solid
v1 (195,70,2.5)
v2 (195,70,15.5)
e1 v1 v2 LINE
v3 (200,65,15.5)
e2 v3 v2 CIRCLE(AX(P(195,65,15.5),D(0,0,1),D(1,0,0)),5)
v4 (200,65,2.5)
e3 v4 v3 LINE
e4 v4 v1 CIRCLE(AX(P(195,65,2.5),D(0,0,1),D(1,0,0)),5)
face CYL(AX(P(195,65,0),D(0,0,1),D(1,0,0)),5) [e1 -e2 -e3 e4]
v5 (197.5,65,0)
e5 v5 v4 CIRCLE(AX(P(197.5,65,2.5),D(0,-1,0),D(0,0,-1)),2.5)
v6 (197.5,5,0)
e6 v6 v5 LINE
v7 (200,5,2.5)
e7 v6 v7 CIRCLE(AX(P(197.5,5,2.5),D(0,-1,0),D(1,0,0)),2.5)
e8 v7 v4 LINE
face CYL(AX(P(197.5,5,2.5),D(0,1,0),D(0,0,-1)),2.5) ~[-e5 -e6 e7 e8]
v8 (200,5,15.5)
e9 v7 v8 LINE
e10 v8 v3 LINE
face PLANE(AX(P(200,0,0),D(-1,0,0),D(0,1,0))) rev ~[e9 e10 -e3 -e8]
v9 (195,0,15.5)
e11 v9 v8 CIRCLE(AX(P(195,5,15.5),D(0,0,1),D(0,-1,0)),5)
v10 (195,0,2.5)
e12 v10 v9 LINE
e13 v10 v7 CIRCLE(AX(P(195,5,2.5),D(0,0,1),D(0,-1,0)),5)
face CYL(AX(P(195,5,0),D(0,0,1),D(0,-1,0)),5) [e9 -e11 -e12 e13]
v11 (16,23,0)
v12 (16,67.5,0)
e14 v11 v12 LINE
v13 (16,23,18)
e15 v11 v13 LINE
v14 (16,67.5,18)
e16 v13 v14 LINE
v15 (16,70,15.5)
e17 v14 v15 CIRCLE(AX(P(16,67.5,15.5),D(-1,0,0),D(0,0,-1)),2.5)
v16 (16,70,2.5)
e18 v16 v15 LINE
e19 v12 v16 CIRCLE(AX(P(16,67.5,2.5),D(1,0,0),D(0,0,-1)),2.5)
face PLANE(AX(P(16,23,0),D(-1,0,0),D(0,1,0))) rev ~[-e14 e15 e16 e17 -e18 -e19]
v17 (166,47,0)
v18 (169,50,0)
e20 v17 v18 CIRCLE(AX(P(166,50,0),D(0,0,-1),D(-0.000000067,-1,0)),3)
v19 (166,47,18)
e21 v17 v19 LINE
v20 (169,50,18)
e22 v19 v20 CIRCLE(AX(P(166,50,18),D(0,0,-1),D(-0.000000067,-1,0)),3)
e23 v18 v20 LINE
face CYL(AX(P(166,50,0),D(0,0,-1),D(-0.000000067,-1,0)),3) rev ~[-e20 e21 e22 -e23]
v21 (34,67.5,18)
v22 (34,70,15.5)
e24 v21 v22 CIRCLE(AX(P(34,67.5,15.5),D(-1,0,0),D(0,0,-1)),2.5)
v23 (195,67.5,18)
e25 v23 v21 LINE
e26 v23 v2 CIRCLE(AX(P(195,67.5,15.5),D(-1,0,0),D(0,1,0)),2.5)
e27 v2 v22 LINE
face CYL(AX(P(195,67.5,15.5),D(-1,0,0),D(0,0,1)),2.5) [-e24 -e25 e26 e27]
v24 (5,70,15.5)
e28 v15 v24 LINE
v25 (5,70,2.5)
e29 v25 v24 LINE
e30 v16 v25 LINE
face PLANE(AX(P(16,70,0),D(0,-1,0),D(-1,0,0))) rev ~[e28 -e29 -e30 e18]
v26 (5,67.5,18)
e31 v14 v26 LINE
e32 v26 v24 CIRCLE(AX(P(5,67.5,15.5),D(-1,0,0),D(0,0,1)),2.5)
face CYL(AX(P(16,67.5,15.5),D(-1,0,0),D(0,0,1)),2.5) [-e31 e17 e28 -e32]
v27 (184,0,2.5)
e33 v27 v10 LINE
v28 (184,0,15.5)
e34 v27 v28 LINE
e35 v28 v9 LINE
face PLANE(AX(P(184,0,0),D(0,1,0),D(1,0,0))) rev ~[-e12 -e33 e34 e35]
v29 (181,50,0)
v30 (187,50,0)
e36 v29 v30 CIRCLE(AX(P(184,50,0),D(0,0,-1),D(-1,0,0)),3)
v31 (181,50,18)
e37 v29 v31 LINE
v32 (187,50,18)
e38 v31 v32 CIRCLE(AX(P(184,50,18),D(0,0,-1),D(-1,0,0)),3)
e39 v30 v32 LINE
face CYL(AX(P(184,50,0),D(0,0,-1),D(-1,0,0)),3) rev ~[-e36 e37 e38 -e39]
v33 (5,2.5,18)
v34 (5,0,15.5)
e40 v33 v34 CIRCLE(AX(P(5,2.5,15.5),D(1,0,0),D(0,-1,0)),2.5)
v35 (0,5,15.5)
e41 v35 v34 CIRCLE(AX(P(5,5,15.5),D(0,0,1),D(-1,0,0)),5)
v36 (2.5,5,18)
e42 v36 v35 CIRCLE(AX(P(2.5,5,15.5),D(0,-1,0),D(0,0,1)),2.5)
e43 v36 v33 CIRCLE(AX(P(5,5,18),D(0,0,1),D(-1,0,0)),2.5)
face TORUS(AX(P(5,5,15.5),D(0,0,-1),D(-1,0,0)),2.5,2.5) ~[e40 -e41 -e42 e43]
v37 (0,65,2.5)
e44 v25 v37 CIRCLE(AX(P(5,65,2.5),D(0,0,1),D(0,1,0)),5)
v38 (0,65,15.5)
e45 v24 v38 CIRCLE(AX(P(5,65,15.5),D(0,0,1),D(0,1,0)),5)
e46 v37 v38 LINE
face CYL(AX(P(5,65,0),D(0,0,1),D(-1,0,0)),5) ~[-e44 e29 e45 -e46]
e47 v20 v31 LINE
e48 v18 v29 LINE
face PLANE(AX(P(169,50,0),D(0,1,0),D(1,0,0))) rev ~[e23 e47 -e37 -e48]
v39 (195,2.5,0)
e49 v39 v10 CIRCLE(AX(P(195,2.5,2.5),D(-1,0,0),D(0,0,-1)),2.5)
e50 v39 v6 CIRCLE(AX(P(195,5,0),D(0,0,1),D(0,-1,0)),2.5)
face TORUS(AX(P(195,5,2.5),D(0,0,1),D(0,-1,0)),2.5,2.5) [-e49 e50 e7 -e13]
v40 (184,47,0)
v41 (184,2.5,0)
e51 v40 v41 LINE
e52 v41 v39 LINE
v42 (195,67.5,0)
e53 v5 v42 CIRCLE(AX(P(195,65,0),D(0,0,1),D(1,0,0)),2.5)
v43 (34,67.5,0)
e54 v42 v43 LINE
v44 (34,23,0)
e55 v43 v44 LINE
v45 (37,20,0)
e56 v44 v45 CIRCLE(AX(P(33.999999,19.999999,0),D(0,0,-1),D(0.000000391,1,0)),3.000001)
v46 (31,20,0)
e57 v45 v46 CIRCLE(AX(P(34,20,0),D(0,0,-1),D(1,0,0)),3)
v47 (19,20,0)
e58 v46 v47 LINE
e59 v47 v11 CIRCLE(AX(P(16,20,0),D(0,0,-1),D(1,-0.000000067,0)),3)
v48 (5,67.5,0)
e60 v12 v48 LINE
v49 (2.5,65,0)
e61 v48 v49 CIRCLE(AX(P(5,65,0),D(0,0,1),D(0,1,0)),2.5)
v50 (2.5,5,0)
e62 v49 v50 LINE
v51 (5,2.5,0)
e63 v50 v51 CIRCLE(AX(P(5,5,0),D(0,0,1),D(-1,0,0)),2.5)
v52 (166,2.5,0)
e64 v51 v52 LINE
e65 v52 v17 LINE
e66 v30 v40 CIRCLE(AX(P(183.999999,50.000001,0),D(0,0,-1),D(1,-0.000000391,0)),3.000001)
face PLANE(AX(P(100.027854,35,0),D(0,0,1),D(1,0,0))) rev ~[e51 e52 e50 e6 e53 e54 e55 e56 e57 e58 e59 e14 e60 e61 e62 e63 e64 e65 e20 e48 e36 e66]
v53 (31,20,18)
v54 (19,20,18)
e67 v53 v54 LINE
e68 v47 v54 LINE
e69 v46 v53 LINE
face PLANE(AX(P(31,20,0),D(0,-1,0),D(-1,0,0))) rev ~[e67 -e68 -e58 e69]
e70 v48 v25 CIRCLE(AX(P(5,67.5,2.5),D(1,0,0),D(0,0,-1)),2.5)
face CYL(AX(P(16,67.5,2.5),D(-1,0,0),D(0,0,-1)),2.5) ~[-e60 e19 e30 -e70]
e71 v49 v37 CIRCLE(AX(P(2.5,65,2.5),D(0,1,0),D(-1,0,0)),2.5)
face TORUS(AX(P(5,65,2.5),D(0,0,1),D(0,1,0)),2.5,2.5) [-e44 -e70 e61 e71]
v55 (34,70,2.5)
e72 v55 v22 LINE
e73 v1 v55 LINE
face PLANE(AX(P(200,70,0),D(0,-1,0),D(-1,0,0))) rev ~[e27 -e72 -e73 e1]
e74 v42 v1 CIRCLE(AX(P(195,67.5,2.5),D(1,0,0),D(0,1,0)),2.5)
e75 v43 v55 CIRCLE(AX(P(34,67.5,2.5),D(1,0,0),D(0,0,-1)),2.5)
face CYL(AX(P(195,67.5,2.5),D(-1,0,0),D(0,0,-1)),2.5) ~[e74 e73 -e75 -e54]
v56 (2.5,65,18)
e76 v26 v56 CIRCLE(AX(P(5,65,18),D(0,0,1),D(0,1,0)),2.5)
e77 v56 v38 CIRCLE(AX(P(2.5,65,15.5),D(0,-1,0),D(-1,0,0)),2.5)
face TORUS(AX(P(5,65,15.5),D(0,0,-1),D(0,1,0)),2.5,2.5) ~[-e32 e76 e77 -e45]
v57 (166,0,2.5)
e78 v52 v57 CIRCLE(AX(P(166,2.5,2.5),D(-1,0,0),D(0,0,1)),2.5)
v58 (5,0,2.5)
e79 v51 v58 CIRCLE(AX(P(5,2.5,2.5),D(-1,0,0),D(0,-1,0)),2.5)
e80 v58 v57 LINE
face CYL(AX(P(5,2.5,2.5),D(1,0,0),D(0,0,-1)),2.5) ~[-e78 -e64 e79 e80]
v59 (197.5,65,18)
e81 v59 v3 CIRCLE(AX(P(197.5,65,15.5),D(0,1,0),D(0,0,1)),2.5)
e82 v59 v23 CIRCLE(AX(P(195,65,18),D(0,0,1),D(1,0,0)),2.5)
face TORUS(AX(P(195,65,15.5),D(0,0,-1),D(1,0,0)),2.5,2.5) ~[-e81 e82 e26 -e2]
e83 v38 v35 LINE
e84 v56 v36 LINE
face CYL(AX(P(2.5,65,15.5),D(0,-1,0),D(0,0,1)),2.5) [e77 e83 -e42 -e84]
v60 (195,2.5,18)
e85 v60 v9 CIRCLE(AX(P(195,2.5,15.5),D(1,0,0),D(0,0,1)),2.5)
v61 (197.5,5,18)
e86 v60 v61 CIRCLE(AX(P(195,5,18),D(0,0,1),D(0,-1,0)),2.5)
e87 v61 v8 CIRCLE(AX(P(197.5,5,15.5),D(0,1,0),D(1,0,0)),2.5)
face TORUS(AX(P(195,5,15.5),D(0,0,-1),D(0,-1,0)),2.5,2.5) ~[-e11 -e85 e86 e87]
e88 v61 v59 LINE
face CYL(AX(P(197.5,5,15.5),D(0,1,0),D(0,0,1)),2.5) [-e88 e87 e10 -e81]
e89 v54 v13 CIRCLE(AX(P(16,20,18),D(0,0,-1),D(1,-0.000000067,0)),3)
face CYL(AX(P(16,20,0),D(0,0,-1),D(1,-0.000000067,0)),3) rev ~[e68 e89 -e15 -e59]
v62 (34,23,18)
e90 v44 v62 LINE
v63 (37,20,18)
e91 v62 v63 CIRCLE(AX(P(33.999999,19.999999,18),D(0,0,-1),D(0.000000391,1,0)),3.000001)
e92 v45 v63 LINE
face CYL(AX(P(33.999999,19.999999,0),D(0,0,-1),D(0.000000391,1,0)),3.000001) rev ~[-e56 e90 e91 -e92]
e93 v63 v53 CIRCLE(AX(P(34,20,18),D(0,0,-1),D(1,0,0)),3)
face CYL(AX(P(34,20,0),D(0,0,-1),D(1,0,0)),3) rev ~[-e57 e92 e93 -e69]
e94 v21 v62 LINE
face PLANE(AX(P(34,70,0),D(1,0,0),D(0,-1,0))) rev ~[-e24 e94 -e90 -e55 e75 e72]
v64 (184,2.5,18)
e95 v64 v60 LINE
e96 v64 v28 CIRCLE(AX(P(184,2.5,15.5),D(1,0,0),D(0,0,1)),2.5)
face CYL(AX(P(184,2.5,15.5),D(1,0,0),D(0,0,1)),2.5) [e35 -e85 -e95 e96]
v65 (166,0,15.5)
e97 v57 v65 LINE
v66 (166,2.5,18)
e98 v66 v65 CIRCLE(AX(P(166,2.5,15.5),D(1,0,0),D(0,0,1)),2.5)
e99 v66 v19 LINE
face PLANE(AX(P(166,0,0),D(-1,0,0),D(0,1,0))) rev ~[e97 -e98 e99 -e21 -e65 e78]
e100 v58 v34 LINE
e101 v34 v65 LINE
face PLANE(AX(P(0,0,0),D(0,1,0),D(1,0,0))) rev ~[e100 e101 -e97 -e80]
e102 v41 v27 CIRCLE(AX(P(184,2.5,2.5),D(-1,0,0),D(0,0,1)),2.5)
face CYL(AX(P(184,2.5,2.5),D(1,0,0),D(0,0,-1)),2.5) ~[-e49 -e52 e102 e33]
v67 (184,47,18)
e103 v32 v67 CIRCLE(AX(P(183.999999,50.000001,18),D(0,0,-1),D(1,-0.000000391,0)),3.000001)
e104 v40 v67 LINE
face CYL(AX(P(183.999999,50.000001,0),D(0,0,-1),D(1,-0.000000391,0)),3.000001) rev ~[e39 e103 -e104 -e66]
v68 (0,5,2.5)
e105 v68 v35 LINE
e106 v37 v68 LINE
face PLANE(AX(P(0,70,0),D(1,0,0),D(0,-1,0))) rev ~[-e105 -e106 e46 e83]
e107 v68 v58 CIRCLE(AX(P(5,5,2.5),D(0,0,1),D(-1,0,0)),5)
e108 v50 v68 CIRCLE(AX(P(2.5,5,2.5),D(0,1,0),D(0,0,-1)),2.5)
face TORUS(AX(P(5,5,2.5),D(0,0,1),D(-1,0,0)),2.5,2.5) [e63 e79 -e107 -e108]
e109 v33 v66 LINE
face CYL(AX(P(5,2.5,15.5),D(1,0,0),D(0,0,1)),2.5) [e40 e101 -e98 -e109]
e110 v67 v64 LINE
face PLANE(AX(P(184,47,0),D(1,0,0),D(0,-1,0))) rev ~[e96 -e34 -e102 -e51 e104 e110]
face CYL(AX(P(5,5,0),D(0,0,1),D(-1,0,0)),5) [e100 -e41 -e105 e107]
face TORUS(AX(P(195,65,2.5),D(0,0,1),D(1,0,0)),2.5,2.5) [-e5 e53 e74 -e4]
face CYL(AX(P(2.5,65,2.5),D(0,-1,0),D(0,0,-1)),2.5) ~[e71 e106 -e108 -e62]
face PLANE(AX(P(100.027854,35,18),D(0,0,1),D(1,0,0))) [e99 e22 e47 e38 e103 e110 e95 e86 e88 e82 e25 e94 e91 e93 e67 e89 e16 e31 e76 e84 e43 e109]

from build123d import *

# Parameters (mm, degrees)
F1_DEPTH = 18
F2_R     = 5
F3_R     = 2.5


with BuildPart() as f1:
    # F0 (on Top) → F1 (new body)
    with BuildSketch(Plane.XY):
        with BuildLine():
            Line((0, 70), (0, 0))
            Line((0, 0), (166, 0))
            Line((166, 0), (166, 47))
            ThreePointArc((166, 47), (163.87868, 52.12132), (169, 50))
            Line((169, 50), (181, 50))
            ThreePointArc((181, 50), (184, 53), (187, 50))
            ThreePointArc((187, 50), (186.12132, 47.87868), (184, 47))
            Line((184, 47), (184, 0))
            Line((184, 0), (200, 0))
            Line((200, 0), (200, 70))
            Line((200, 70), (34, 70))
            Line((34, 70), (34, 23))
            ThreePointArc((34, 23), (36.12132, 22.12132), (37, 20))
            ThreePointArc((37, 20), (34, 17), (31, 20))
            Line((31, 20), (19, 20))
            ThreePointArc((19, 20), (13.87868, 17.87868), (16, 23))
            Line((16, 23), (16, 70))
            Line((16, 70), (0, 70))
        make_face()
    extrude(amount=F1_DEPTH)

    # F2
    f2_edges = [f1.edges().sort_by_distance(p)[0] for p in [
        (0, 0, 9),
        (200, 70, 9),
        (200, 0, 9),
        (0, 70, 9),
    ]]
    fillet(f2_edges, radius=F2_R)

    # F3
    f3_edges = [f1.edges().sort_by_distance(p)[0] for p in [
        (85.5, 0, 18),
        (85.5, 0, 0),
        (114.5, 70, 18),
        (200, 35, 0),
    ]]
    fillet(f3_edges, radius=F3_R)


solid = f1.part
